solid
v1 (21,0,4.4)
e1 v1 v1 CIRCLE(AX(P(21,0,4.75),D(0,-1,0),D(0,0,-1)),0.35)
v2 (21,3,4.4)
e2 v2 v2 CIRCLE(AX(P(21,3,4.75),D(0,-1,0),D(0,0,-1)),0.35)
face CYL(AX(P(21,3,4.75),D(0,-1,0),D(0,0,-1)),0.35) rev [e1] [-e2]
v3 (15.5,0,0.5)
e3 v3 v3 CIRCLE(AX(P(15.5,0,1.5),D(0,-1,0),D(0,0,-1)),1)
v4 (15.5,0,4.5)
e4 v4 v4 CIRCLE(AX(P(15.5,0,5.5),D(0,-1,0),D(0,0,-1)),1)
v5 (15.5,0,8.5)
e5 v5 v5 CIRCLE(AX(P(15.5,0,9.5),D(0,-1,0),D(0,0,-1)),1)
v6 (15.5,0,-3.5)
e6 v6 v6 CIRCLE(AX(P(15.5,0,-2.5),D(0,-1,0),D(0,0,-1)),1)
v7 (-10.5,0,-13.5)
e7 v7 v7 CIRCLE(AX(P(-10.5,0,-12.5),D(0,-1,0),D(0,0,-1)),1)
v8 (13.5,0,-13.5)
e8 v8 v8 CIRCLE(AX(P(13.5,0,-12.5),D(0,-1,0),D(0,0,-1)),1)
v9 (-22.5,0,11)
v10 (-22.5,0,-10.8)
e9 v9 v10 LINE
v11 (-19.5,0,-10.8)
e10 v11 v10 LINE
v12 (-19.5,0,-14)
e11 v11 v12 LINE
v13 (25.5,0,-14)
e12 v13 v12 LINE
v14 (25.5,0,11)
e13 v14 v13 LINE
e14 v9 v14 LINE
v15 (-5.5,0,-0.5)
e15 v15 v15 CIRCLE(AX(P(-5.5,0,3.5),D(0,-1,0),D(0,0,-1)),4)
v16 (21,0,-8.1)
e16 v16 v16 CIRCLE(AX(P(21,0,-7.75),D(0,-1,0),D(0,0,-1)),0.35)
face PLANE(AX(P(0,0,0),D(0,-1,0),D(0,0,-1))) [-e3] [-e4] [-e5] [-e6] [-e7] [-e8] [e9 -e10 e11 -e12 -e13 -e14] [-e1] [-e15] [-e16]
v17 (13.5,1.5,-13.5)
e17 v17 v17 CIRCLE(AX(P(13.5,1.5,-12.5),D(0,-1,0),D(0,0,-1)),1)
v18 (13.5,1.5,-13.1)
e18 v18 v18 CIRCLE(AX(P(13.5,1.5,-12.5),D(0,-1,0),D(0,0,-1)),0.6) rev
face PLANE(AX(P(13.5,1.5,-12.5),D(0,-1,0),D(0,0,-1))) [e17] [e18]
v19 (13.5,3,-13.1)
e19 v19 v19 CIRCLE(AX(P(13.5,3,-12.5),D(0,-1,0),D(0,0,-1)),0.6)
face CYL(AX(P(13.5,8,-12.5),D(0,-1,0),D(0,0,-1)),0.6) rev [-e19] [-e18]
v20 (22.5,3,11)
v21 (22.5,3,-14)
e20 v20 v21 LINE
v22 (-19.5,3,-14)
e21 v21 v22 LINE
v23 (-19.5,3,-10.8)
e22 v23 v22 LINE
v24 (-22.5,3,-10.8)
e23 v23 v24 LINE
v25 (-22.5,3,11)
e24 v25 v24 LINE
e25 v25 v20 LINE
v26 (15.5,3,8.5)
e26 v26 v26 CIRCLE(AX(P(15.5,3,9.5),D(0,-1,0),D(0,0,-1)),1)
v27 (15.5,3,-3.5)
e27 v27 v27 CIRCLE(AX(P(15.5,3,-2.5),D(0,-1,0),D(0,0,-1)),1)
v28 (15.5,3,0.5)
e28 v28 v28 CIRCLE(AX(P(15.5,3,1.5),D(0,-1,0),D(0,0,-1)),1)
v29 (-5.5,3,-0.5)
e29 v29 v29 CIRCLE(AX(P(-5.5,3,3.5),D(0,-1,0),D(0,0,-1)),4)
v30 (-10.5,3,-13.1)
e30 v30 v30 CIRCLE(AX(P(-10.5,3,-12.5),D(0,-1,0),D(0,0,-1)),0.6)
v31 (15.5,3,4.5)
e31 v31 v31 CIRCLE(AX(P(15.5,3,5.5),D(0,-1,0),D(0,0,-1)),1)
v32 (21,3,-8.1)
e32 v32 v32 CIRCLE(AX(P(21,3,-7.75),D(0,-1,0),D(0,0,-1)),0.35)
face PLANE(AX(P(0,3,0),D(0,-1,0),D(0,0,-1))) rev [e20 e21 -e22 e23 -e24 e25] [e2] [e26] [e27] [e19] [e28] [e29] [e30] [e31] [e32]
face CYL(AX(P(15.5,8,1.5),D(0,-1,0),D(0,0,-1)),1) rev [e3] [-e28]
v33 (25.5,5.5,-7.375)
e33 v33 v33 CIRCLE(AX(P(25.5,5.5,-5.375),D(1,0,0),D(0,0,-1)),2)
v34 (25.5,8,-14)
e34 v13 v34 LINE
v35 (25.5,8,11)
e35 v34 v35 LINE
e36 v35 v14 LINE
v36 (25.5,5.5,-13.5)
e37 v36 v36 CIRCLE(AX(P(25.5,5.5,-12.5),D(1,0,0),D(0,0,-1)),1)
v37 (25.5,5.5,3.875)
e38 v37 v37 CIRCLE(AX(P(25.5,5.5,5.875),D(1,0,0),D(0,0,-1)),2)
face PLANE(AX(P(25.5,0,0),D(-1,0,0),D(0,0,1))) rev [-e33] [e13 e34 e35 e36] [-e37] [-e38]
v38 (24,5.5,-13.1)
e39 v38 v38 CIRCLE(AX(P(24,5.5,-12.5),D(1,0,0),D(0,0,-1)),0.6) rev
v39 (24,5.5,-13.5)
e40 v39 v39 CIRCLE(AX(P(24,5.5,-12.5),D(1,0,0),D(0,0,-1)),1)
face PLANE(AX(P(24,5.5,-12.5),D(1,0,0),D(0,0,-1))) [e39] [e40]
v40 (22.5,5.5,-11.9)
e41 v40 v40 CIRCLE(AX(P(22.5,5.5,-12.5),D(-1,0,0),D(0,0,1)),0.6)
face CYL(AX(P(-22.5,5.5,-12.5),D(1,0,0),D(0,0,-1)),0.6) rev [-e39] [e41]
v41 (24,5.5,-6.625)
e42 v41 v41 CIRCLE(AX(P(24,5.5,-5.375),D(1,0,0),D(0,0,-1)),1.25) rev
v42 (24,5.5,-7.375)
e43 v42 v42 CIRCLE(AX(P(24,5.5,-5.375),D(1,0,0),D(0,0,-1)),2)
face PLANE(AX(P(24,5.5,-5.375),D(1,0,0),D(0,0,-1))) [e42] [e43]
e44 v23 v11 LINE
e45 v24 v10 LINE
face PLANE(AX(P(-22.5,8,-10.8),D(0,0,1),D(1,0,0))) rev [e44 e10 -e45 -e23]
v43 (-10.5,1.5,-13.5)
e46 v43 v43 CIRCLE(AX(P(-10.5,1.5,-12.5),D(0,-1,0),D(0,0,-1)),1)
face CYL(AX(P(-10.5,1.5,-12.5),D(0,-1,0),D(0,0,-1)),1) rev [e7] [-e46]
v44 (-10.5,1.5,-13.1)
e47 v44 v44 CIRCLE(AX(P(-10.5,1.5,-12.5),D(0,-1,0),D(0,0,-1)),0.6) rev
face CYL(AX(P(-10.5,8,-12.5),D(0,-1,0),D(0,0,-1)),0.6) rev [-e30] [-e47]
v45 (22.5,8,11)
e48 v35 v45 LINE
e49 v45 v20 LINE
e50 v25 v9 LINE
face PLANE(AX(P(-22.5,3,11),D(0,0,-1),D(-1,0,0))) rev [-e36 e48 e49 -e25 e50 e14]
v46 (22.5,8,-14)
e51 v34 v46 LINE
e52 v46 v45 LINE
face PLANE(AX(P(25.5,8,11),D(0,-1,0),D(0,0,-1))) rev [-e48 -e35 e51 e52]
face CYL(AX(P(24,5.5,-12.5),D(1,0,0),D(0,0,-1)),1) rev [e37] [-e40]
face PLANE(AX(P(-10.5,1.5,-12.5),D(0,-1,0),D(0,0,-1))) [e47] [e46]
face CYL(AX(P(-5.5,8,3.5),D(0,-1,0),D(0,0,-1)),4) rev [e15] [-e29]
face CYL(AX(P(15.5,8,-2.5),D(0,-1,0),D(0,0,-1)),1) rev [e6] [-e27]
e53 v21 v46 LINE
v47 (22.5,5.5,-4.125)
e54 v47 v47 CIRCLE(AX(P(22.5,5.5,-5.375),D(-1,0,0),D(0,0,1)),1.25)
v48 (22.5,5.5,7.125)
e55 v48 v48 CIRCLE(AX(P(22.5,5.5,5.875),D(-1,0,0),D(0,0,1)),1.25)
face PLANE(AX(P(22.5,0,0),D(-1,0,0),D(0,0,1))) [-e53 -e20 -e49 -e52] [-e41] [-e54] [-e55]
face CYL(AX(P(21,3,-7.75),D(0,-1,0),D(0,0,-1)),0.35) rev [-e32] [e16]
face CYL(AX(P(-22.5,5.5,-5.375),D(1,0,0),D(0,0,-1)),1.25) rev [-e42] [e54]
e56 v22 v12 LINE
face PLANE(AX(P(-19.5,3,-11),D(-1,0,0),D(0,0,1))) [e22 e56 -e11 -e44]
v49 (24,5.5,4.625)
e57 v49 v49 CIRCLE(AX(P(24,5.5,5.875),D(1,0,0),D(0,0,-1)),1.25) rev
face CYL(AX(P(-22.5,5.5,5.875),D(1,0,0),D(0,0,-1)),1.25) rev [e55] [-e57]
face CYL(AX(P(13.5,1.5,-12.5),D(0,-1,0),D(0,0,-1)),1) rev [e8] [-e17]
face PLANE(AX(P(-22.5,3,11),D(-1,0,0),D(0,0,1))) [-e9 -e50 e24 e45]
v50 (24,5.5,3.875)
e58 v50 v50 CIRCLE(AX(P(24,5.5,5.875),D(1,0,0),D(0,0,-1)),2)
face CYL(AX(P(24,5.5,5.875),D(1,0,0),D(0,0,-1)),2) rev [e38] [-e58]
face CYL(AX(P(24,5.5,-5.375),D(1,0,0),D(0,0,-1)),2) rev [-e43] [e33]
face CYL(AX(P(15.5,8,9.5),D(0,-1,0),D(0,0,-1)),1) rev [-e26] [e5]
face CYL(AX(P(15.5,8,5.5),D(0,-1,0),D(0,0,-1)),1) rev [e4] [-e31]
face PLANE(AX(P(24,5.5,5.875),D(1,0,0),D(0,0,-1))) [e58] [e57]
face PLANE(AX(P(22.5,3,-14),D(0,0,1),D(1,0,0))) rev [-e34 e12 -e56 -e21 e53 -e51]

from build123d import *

# Parameters (mm, degrees)
SKETCH_1_W          = 42
SKETCH_1_H          = 3
EXTRUDE_1_DEPTH     = 3
SKETCH_2_W          = 25
SKETCH_2_H          = 8
EXTRUDE_2_DEPTH     = 3
SKETCH_3_R          = 1.25
CUT_EXTRUDE_1_DEPTH = 51.635955605
SKETCH_3_3_R        = 2
CUT_EXTRUDE_2_DEPTH = 1.5
SKETCH_4_R          = 0.6
CUT_EXTRUDE_3_DEPTH = 51.635955605
SKETCH_4_3_R        = 1
CUT_EXTRUDE_4_DEPTH = 1.5
SKETCH_5_W          = 3
SKETCH_5_H          = 0.2
CUT_EXTRUDE_5_DEPTH = 31.170349683
SKETCH_6_R          = 0.6
CUT_EXTRUDE_6_DEPTH = 31.170349683
SKETCH_6_3_R        = 1
CUT_EXTRUDE_7_DEPTH = 1.5
SKETCH_7_R          = 0.35
CUT_EXTRUDE_8_DEPTH = 3
SKETCH_8_R          = 4
SKETCH_8_R_2        = 1
CUT_EXTRUDE_9_DEPTH = 31.170349683


with BuildPart() as part:
    # 草图1 → 凸台-拉伸1 (new body)
    with BuildSketch(Plane(origin=(0, 0, 0), x_dir=(1, 0, 0), z_dir=(0, 1, 0))):
        Polygon((-22.5, 11), (-22.5, -11), (22.5, -11), (22.5, 11), (-19.5, 11), align=None)
        with Locations((1.5, 12.5)):
            Rectangle(SKETCH_1_W, SKETCH_1_H)
    extrude(amount=EXTRUDE_1_DEPTH)

    # 草图2 → 凸台-拉伸2 (add)
    with BuildSketch(Plane(origin=(22.5, 0, 0), x_dir=(0, 0, -1), z_dir=(1, 0, 0))):
        with Locations((1.5, 4)):
            Rectangle(SKETCH_2_W, SKETCH_2_H)
    extrude(amount=EXTRUDE_2_DEPTH)

    # 草图3 → 切除-拉伸1 (cut, through all)
    with BuildSketch(Plane(origin=(25.5, 0, 0), x_dir=(0, 0, -1), z_dir=(1, 0, 0))):
        with Locations((5.375, 5.500000041)):
            Circle(SKETCH_3_R)
        with Locations((-5.875, 5.500000041)):
            Circle(SKETCH_3_R)
    extrude(amount=-CUT_EXTRUDE_1_DEPTH, mode=Mode.SUBTRACT)

    # 草图3<3> → 切除-拉伸2 (cut)
    with BuildSketch(Plane(origin=(25.5, 0, 0), x_dir=(0, 0, -1), z_dir=(1, 0, 0))):
        with Locations((5.375, 5.500000041)):
            Circle(SKETCH_3_3_R)
        with Locations((-5.875, 5.500000041)):
            Circle(SKETCH_3_3_R)
    extrude(amount=-CUT_EXTRUDE_2_DEPTH, mode=Mode.SUBTRACT)

    # 草图4 → 切除-拉伸3 (cut, through all)
    with BuildSketch(Plane(origin=(25.5, 0, 0), x_dir=(0, 0, -1), z_dir=(1, 0, 0))):
        with Locations((12.5, 5.5)):
            Circle(SKETCH_4_R)
    extrude(amount=-CUT_EXTRUDE_3_DEPTH, mode=Mode.SUBTRACT)

    # 草图4<3> → 切除-拉伸4 (cut)
    with BuildSketch(Plane(origin=(25.5, 0, 0), x_dir=(0, 0, -1), z_dir=(1, 0, 0))):
        with Locations((12.5, 5.5)):
            Circle(SKETCH_4_3_R)
    extrude(amount=-CUT_EXTRUDE_4_DEPTH, mode=Mode.SUBTRACT)

    # 草图5 → 切除-拉伸5 (cut, through all)
    with BuildSketch(Plane.XZ):
        with Locations((-21, -10.9)):
            Rectangle(SKETCH_5_W, SKETCH_5_H)
    extrude(amount=-CUT_EXTRUDE_5_DEPTH, mode=Mode.SUBTRACT)

    # 草图6 → 切除-拉伸6 (cut, through all)
    with BuildSketch(Plane.XZ):
        with Locations((-10.5, -12.5)):
            Circle(SKETCH_6_R)
        with Locations((13.5, -12.5)):
            Circle(SKETCH_6_R)
    extrude(amount=-CUT_EXTRUDE_6_DEPTH, mode=Mode.SUBTRACT)

    # 草图6<3> → 切除-拉伸7 (cut)
    with BuildSketch(Plane.XZ):
        with Locations((-10.5, -12.5)):
            Circle(SKETCH_6_3_R)
        with Locations((13.5, -12.5)):
            Circle(SKETCH_6_3_R)
    extrude(amount=-CUT_EXTRUDE_7_DEPTH, mode=Mode.SUBTRACT)

    # 草图7 → 切除-拉伸8 (cut)
    with BuildSketch(Plane.XZ):
        with Locations((21, 4.75)):
            Circle(SKETCH_7_R)
        with Locations((21, -7.75)):
            Circle(SKETCH_7_R)
    extrude(amount=-CUT_EXTRUDE_8_DEPTH, mode=Mode.SUBTRACT)

    # 草图8 → 切除-拉伸9 (cut, through all)
    with BuildSketch(Plane.XZ):
        with Locations((-5.5, 3.5)):
            Circle(SKETCH_8_R)
        with Locations((15.5, 9.5)):
            Circle(SKETCH_8_R_2)
        with Locations((15.5, 5.5)):
            Circle(SKETCH_8_R_2)
        with Locations((15.5, 1.5)):
            Circle(SKETCH_8_R_2)
        with Locations((15.5, -2.5)):
            Circle(SKETCH_8_R_2)
    extrude(amount=-CUT_EXTRUDE_9_DEPTH, mode=Mode.SUBTRACT)


solid = part.part
